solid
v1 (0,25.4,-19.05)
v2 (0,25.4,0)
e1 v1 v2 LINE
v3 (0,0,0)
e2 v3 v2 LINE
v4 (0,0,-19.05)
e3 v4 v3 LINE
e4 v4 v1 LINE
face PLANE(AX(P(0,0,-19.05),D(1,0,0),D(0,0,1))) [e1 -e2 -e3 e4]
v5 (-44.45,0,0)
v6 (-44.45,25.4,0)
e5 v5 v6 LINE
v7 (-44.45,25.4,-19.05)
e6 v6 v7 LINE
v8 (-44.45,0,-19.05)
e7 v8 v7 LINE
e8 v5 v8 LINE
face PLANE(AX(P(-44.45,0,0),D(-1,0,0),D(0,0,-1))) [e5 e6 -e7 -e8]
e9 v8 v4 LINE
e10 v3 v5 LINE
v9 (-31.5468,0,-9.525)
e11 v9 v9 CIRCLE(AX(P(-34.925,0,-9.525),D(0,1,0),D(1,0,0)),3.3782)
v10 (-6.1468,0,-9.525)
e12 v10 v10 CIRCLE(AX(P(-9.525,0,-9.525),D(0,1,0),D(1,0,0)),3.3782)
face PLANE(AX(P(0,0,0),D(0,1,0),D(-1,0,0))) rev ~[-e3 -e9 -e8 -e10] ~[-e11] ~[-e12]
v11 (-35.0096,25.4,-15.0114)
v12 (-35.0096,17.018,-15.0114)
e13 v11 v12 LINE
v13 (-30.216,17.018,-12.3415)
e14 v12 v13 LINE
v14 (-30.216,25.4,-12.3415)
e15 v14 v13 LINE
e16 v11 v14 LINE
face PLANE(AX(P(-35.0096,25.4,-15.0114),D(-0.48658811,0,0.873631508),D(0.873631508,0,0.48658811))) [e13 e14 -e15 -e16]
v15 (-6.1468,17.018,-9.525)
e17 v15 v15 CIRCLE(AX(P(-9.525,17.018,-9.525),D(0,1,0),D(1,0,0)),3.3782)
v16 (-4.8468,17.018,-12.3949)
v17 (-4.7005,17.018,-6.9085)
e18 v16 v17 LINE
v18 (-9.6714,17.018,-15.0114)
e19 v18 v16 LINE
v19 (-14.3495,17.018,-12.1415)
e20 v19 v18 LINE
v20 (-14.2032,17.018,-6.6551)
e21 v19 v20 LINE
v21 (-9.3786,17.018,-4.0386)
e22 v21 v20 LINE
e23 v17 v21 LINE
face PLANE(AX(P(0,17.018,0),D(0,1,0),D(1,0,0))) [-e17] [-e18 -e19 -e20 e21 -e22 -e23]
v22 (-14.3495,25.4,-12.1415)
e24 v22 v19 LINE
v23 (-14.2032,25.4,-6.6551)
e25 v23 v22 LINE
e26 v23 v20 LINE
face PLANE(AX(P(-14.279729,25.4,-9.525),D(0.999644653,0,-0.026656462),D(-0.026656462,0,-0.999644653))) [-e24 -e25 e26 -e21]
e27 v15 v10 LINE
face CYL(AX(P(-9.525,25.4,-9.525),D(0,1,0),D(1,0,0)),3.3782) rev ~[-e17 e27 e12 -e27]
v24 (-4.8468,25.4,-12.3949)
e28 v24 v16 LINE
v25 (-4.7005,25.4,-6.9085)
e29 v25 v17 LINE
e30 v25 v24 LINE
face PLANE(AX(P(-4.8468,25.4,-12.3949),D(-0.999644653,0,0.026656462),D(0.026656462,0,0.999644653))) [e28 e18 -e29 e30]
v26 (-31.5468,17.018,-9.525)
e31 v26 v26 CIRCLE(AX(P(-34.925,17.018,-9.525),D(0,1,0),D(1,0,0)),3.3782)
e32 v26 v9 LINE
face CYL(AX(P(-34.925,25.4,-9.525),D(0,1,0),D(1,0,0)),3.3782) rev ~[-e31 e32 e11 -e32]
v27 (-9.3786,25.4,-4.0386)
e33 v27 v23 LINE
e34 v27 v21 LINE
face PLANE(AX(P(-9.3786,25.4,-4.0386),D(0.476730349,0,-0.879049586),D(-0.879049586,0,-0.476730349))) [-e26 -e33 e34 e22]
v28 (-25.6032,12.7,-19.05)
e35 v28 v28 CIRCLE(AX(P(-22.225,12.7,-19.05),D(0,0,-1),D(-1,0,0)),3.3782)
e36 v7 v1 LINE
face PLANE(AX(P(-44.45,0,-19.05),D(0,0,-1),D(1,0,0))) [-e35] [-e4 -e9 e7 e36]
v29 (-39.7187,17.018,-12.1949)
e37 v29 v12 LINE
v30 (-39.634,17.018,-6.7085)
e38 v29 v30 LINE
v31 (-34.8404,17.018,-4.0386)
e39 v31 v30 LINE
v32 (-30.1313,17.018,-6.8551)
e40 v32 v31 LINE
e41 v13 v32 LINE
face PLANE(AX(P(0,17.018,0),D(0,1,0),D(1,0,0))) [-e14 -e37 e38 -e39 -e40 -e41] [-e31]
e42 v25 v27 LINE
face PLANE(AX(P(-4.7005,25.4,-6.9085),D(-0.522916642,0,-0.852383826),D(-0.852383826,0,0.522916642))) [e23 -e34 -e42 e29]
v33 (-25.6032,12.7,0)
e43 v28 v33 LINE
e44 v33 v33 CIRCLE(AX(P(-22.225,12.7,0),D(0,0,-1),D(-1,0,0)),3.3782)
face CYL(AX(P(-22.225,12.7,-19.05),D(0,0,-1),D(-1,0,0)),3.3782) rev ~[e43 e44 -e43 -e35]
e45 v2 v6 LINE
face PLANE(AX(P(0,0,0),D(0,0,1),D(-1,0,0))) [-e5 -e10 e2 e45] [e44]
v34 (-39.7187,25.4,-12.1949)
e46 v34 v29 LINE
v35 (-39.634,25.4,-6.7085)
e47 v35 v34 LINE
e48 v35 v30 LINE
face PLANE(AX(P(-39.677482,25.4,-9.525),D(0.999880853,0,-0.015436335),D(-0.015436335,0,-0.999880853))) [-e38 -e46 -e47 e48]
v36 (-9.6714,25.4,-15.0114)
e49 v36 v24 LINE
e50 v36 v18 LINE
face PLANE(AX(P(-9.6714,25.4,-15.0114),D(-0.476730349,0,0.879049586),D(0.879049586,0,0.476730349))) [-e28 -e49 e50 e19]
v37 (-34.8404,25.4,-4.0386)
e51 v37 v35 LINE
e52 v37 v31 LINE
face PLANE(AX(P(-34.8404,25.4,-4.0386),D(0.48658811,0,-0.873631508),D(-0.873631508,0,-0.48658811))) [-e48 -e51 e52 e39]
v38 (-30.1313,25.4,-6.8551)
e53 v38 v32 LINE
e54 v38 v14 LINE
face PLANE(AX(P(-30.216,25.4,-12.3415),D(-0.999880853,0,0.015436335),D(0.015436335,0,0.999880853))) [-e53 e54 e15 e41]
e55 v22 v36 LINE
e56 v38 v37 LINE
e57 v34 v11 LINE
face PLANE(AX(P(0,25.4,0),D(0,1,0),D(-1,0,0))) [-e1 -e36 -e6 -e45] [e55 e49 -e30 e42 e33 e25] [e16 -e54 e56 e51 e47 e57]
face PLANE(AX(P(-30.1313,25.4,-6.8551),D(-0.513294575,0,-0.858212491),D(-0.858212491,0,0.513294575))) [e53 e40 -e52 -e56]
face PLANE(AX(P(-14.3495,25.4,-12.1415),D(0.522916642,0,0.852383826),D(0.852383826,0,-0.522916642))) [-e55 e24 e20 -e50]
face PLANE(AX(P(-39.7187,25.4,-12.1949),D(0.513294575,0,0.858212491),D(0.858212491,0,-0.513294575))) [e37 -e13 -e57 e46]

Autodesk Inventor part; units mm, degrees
ref_plane "YZ Plane" through (0, 0, 0) normal (1, 0, 0) x (0, 1, 0)
ref_plane "XZ Plane" through (0, 0, 0) normal (0, 1, 0) x (-1, 0, 0)
ref_plane "XY Plane" through (0, 0, 0) normal (0, 0, 1) x (1, 0, 0)
sketch "Sketch2" plane through (0, 0, 0) normal (0, 1, 0) x (-1, 0, 0)
  line L0 (0, 0) -> (44.45, 0)
  line L1 (44.45, 0) -> (44.45, -19.05)
  line L2 (44.45, -19.05) -> (0, -19.05)
  line L3 (0, -19.05) -> (0, 0)
  dimension "d2" = 19.05
  dimension "d3" = 44.45
extrude "Extrusion2" add sketch "Sketch2" along normal blind 25.4
sketch "Sketch6" plane through (0, 25.4, 0) normal (0, 1, 0) x (1, 0, 0)
  line L0 (-44.45, 19.05) -> (-44.45, 0) projected
  line L1 (-44.45, 9.525) -> (0, 9.525)
  line L2 (0, 0) -> (0, 19.05) projected
  line L3 (-35.0096, 15.0114) -> (-30.216, 12.3415)
  line L4 (-30.216, 12.3415) -> (-30.1313, 6.8551)
  line L5 (-30.1313, 6.8551) -> (-34.8404, 4.0386)
  line L6 (-34.8404, 4.0386) -> (-39.634, 6.7085)
  line L7 (-39.634, 6.7085) -> (-39.7187, 12.1949)
  line L8 (-39.7187, 12.1949) -> (-35.0096, 15.0114)
  line L9 (-14.3495, 12.1415) -> (-9.6714, 15.0114)
  line L10 (-9.6714, 15.0114) -> (-4.8468, 12.3949)
  line L11 (-4.8468, 12.3949) -> (-4.7005, 6.9085)
  line L12 (-4.7005, 6.9085) -> (-9.3786, 4.0386)
  line L13 (-9.3786, 4.0386) -> (-14.2032, 6.6551)
  line L14 (-14.2032, 6.6551) -> (-14.3495, 12.1415)
  point P0 (-34.925, 9.525)
  point P1 (-9.525, 9.525)
  dimension "d17" = 44.45
  dimension "d18" = 10.9728
  dimension "d19" = 10.9728
  dimension "d20" = 9.525
  dimension "d21" = 9.525
extrude "Extrusion3" cut sketch "Sketch6" against normal blind 8.382
sketch "Sketch17" plane through (0, 0, -19.05) normal (0, 0, -1) x (-1, 0, 0)
  circle A0 centre (22.225, 12.7) radius 3.3782
  line L0 (44.45, 0) -> (44.45, 25.4) projected
  line L1 (0, 0) -> (44.45, 0) projected
  dimension "d58" = 22.225
  dimension "d59" = 6.7564
  dimension "d68" = 12.7
extrude "Extrusion11" cut sketch "Sketch17" against normal blind 25.4
sketch "Sketch19" plane through (0, 25.4, 0) normal (0, 1, 0) x (1, 0, 0)
  point P0 (0, 0)
sketch "Sketch20" plane through (0, 25.4, 0) normal (0, 1, 0) x (1, 0, 0)
  line L0 (-4.7005, 6.9085) -> (-9.3786, 4.0386) projected
  line L1 (-9.3786, 4.0386) -> (-14.2032, 6.6551) projected
  line L2 (-14.2032, 6.6551) -> (-14.3495, 12.1415) projected
  line L3 (-14.3495, 12.1415) -> (-9.6714, 15.0114) projected
  line L4 (-9.6714, 15.0114) -> (-4.8468, 12.3949) projected
  line L5 (-4.8468, 12.3949) -> (-4.7005, 6.9085) projected
  line L6 (-14.3495, 12.1415) -> (-9.6714, 15.0114) projected
  line L7 (-14.2032, 6.6551) -> (-14.3495, 12.1415) projected
  line L8 (-9.3786, 4.0386) -> (-14.2032, 6.6551) projected
  line L9 (-4.7005, 6.9085) -> (-9.3786, 4.0386) projected
  line L10 (-4.8468, 12.3949) -> (-4.7005, 6.9085) projected
  line L11 (-9.6714, 15.0114) -> (-4.8468, 12.3949) projected
  line L12 (-30.1313, 6.8551) -> (-34.8404, 4.0386) projected
  line L13 (-30.216, 12.3415) -> (-30.1313, 6.8551) projected
  line L14 (-35.0096, 15.0114) -> (-30.216, 12.3415) projected
  line L15 (-39.7187, 12.1949) -> (-35.0096, 15.0114) projected
  line L16 (-39.634, 6.7085) -> (-39.7187, 12.1949) projected
  line L17 (-34.8404, 4.0386) -> (-39.634, 6.7085) projected
  line L18 (-4.7005, 6.9085) -> (-9.3786, 4.0386) projected
  line L19 (-9.3786, 4.0386) -> (-9.6714, 15.0114)
  line L20 (-4.8468, 12.3949) -> (-4.7005, 6.9085) projected
  line L21 (-4.7736, 9.6517) -> (-14.2764, 9.3983)
  line L22 (-14.2032, 6.6551) -> (-14.3495, 12.1415) projected
  circle A0 centre (-9.525, 9.525) radius 3.3782
  line L23 (-34.8404, 4.0386) -> (-35.0096, 15.0114)
  line L24 (-39.634, 6.7085) -> (-39.7187, 12.1949) projected
  line L25 (-39.6764, 9.4517) -> (-30.1736, 9.5983)
  line L26 (-30.216, 12.3415) -> (-30.1313, 6.8551) projected
  circle A1 centre (-34.925, 9.525) radius 3.3782
  point P0 (0, 0)
  dimension "d64" = 6.7564
  dimension "d65" = 6.7564
extrude "Extrusion12" cut sketch "Sketch20" against normal through all contours A0 L21 L19 | L19 L21 A0 | L21 L19 A0 | L21 A0 L19 | A1 L25 L23 | L23 L25 A1 | L25 L23 A1 | L25 A1 L23
sketch "Sketch21" plane through (0, 25.4, 0) normal (0, 1, 0) x (1, 0, 0)
  point P0 (0, 0)
properties part number "bumper piece 1"
